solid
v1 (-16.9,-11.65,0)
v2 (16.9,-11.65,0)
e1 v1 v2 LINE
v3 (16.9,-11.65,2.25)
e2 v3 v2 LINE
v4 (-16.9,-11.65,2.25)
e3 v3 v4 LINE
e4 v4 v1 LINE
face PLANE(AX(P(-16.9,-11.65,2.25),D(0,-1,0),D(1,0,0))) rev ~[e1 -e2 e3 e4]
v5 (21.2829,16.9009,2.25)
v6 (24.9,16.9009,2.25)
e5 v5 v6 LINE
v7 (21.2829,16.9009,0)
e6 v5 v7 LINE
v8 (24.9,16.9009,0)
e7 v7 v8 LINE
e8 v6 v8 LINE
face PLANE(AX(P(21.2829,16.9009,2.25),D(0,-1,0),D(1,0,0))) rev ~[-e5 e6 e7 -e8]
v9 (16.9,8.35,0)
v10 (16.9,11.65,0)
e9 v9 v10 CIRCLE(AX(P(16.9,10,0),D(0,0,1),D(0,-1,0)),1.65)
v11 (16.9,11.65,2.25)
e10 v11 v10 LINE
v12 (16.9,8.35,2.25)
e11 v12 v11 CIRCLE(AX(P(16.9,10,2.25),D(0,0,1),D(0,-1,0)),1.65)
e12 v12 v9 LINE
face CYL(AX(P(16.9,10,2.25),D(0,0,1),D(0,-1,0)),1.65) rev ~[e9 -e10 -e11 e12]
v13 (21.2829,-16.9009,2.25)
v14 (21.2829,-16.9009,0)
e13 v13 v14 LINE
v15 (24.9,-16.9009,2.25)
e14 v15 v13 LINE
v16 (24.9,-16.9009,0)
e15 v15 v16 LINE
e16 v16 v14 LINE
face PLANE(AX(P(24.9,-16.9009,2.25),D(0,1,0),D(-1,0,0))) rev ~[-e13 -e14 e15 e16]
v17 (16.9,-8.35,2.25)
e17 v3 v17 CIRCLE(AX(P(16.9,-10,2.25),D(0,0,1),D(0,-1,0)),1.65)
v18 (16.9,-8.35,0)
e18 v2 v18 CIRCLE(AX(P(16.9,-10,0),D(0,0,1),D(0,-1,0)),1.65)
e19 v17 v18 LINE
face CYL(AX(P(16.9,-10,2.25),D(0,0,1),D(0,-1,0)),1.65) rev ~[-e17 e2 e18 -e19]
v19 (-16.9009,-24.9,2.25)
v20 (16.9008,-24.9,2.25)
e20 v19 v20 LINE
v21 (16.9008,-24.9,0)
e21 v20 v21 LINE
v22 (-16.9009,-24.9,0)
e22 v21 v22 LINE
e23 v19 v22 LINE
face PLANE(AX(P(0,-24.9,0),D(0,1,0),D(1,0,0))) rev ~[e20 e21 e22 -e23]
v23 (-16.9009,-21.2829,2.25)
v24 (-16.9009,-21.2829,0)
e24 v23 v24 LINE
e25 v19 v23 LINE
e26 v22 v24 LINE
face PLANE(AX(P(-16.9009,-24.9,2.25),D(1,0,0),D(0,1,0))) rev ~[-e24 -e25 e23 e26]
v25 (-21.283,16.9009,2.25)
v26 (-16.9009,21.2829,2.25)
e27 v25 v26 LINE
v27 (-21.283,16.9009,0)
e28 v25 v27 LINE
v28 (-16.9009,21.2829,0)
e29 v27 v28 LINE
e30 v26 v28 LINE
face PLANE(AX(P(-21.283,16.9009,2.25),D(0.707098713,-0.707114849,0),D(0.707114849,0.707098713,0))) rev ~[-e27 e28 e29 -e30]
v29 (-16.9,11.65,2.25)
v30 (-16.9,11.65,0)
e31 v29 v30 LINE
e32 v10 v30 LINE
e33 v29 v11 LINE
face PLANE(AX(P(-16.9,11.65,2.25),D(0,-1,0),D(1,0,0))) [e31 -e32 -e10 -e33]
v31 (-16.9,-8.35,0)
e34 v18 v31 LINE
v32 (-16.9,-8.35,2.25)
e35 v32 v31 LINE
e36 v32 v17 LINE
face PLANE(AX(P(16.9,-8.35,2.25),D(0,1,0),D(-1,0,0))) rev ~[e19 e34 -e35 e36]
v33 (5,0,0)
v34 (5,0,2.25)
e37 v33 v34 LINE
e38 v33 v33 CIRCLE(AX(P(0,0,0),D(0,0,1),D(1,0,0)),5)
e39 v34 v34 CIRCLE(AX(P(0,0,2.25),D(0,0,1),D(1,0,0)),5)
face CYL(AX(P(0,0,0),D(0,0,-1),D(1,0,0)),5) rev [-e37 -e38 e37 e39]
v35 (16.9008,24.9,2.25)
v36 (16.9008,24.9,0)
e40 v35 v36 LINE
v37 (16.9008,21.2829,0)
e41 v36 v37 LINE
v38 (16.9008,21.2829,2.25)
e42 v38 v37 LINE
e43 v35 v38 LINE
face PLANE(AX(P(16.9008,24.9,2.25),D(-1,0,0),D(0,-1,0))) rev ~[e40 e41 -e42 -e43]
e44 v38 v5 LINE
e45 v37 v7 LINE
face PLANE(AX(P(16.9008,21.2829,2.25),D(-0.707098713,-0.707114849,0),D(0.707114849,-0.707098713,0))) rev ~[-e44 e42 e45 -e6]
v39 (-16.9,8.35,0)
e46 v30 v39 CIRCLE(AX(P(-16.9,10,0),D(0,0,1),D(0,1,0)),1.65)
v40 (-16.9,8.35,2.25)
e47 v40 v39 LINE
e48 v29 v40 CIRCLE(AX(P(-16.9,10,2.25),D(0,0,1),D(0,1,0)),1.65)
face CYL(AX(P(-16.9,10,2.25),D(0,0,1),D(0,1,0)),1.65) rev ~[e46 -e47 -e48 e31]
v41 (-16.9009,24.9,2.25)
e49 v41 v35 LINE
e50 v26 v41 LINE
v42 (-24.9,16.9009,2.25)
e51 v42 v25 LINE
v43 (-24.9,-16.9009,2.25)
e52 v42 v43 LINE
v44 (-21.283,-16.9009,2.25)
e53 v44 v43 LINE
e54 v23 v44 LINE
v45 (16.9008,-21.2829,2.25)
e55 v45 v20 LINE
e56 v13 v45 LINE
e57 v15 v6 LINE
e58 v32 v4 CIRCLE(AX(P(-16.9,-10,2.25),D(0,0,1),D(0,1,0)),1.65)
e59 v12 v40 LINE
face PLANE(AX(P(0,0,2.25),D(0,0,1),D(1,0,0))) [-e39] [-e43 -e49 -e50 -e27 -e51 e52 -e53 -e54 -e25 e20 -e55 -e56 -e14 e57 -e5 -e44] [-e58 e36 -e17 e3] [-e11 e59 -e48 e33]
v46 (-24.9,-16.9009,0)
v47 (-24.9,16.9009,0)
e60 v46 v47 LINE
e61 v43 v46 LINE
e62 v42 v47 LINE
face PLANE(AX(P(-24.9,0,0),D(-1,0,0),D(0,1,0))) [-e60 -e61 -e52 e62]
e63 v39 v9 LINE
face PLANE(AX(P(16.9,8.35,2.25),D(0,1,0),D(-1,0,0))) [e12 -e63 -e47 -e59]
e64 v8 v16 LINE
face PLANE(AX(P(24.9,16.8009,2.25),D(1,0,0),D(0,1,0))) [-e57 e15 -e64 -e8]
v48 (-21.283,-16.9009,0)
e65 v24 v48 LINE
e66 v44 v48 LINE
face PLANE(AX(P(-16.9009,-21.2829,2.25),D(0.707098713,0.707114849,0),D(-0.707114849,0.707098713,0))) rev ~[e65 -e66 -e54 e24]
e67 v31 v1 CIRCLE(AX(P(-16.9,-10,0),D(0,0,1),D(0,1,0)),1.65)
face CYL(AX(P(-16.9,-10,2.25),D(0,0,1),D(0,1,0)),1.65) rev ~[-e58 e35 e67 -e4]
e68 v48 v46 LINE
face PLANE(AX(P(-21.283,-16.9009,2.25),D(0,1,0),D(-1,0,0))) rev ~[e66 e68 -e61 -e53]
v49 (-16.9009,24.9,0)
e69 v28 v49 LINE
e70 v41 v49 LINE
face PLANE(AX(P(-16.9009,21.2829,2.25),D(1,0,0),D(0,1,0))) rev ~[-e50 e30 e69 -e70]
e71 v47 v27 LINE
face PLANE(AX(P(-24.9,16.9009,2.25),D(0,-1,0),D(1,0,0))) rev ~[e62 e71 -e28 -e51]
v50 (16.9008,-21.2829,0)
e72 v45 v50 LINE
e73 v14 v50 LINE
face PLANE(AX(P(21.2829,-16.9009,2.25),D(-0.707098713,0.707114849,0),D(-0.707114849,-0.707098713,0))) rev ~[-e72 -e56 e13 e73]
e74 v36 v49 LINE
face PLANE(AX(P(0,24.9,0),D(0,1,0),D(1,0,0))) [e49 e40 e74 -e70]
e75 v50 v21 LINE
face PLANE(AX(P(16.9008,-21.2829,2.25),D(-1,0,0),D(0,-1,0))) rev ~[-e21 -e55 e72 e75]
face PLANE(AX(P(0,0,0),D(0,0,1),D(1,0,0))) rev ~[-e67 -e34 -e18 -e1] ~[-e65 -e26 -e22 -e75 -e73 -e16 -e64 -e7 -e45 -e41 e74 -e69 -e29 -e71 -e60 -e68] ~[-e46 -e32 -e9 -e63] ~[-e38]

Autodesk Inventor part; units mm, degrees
ref_plane "YZ Plane" through (0, 0, 0) normal (1, 0, 0) x (0, 1, 0)
ref_plane "Work Plane1" through (-29.1, -14.5, 2.4) normal (0, 0, -1) x (0, 1, 0)
ref_plane "Work Plane2" through (-13.8999, -10.5497, 2.25) normal (0, 0, -1) x (0, 1, 0)
sketch "Sketch1" plane through (0, 0, 0) normal (0, 0, 1) x (1, 0, 0)
  line L0 (-34.86, 0) -> (34.86, 0) construction
  line L1 (0, -34.86) -> (0, 34.86) construction
  line L2 (0, 0) -> (11.1575, 11.1575) construction
  line L3 (0, 0) -> (15.7791, 0) construction
  line L4 (0, 24.9) -> (16.8009, 24.9)
  line L5 (16.8009, 24.9) -> (16.8009, 21.2415)
  line L6 (16.8009, 21.2415) -> (19.0212, 19.0212)
  line L7 (24.9, 0) -> (24.9, 16.8009)
  line L8 (24.9, 16.8009) -> (21.2415, 16.8009)
  line L9 (21.2415, 16.8009) -> (19.0212, 19.0212)
  line L10 (0, -24.9) -> (16.8009, -24.9)
  line L11 (16.8009, -24.9) -> (16.8009, -21.2415)
  line L12 (16.8009, -21.2415) -> (19.0212, -19.0212)
  line L13 (24.9, 0) -> (24.9, -16.8009)
  line L14 (24.9, -16.8009) -> (21.2415, -16.8009)
  line L15 (21.2415, -16.8009) -> (19.0212, -19.0212)
  line L16 (0, 24.9) -> (-16.8009, 24.9)
  line L17 (-16.8009, 24.9) -> (-16.8009, 21.2415)
  line L18 (-16.8009, 21.2415) -> (-19.0212, 19.0212)
  line L19 (-24.9, 16.8009) -> (-21.2415, 16.8009)
  line L20 (-21.2415, 16.8009) -> (-19.0212, 19.0212)
  line L21 (0, -24.9) -> (-16.8009, -24.9)
  line L22 (-16.8009, -24.9) -> (-16.8009, -21.2415)
  line L23 (-16.8009, -21.2415) -> (-19.0212, -19.0212)
  line L24 (-21.2415, -16.8009) -> (-19.0212, -19.0212)
  line L25 (-24.9, -16.8009) -> (-21.2415, -16.8009)
  line L26 (-24.9, 0) -> (-24.9, -16.8009)
  line L27 (-24.9, 0) -> (-24.9, 16.8009)
  circle A0 centre (0, 0) radius 5
  dimension "d0" = 45
  dimension "d2" = 24.9
  dimension "d3" = 3.14
  dimension "d4" = 26.9
  dimension "d5" = 10
extrude "Extrusion1" add sketch "Sketch1" along normal up to surface (2.25 mm away)
sketch "Sketch5" plane through (0, 0, 0) normal (0, 0, -1) x (-1, 0, 0)
  circle A0 centre (-9.7, 10) radius 1.4
  circle A1 centre (-9.7, -10) radius 1.4
  circle A2 centre (13.8, 0) radius 1.4
  circle A3 centre (-10, 6.9) radius 0.75
  circle A4 centre (10, 6.9) radius 1.25
  point P0 (0, 0)
hole "Hole1" at (9.7, -10, 0) at (9.7, 10, 0) direction (0, 0, 1) diameter 3.3 depth 12 tip angle 118
sketch "Sketch6" plane through (-16.8009, 24.9, 2.25) normal (0, 0, 1) x (1, 0, 0)
  circle A0 centre (26.5009, -34.9) radius 1.65 construction
  circle A1 centre (26.5009, -14.9) radius 1.65 construction
  circle A2 centre (16.8009, -24.9) radius 5 construction
  line L0 (33.6017, -3.6585) -> (33.6017, 0) construction
  line L1 (33.6017, 0) -> (0, 0) construction
  line L2 (0, 0) -> (0, -3.6585) construction
  line L3 (0, -3.6585) -> (-4.4406, -8.0991) construction
  line L4 (-4.4406, -8.0991) -> (-8.0991, -8.0991) construction
  line L5 (-8.0991, -8.0991) -> (-8.0991, -41.7009) construction
  line L6 (-8.0991, -41.7009) -> (-4.4406, -41.7009) construction
  line L7 (-4.4406, -41.7009) -> (0, -46.1415) construction
  line L8 (0, -46.1415) -> (0, -49.8) construction
  line L9 (0, -49.8) -> (33.6017, -49.8) construction
  line L10 (33.6017, -49.8) -> (33.6017, -46.1415) construction
  line L11 (33.6017, -46.1415) -> (38.0423, -41.7009) construction
  line L12 (38.0423, -41.7009) -> (41.7009, -41.7009) construction
  line L13 (41.7009, -41.7009) -> (41.7009, -8.0991) construction
  line L14 (41.7009, -8.0991) -> (38.0423, -8.0991) construction
  line L15 (38.0423, -8.0991) -> (33.6017, -3.6585) construction
  line L16 (33.7009, -14.9) -> (-0.0991, -14.9)
  line L17 (33.7009, -16.55) -> (-0.0991, -16.55)
  line L18 (-0.0991, -13.25) -> (33.7009, -13.25)
  arc A3 (33.7009, -16.55) -> (33.7009, -13.25) centre (33.7009, -14.9) ccw
  arc A4 (-0.0991, -13.25) -> (-0.0991, -16.55) centre (-0.0991, -14.9) ccw
  line L19 (-8.0991, -41.7009) -> (-8.0991, -8.0991) construction
  line L20 (-8.0991, -24.9) -> (41.7009, -24.9) construction
  line L21 (41.7009, -8.0991) -> (41.7009, -41.7009) construction
  circle A5 centre (26.5009, -34.9) radius 1.65 construction
  line L22 (33.7009, -34.9) -> (-0.0991, -34.9)
  line L23 (33.7009, -33.25) -> (-0.0991, -33.25)
  line L24 (-0.0991, -36.55) -> (33.7009, -36.55)
  arc A6 (33.7009, -36.55) -> (33.7009, -33.25) centre (33.7009, -34.9) ccw
  arc A7 (-0.0991, -33.25) -> (-0.0991, -36.55) centre (-0.0991, -34.9) ccw
  point P0 (16.8009, -24.9)
  point P1 (16.8009, -14.9)
  point P2 (16.8009, -34.9)
  dimension "d25" = 8
  dimension "d26" = 8
extrude "Extrusion5" cut sketch "Sketch6" against normal through all
sketch "Skizze7" plane through (-16.8009, 24.9, 2.25) normal (0, 0, 1) x (1, 0, 0)
  line L0 (33.7009, -16.55) -> (-0.0991, -16.55) construction
  arc A0 (-0.0991, -13.25) -> (-0.0991, -16.55) centre (-0.0991, -14.9) ccw construction
  line L1 (-0.0991, -13.25) -> (33.7009, -13.25) construction
  arc A1 (33.7009, -16.55) -> (33.7009, -13.25) centre (33.7009, -14.9) ccw construction
  line L2 (-0.0991, -33.25) -> (33.7009, -33.25) construction
  arc A2 (33.7009, -36.55) -> (33.7009, -33.25) centre (33.7009, -34.9) ccw construction
  line L3 (33.7009, -36.55) -> (-0.0991, -36.55) construction
  arc A3 (-0.0991, -33.25) -> (-0.0991, -36.55) centre (-0.0991, -34.9) ccw construction
  circle A4 centre (16.8009, -24.9) radius 5 construction
  line L4 (33.6017, -3.6585) -> (33.6017, 0) projected
  line L5 (33.6017, 0) -> (0, 0) construction
  line L6 (0, 0) -> (0, -3.6585) projected
  line L7 (0, -3.6585) -> (-4.4406, -8.0991) projected
  line L8 (-4.4406, -8.0991) -> (-8.0991, -8.0991) projected
  line L9 (-8.0991, -8.0991) -> (-8.0991, -41.7009) construction
  line L10 (-8.0991, -41.7009) -> (-4.4406, -41.7009) projected
  line L11 (-4.4406, -41.7009) -> (0, -46.1415) projected
  line L12 (0, -46.1415) -> (0, -49.8) projected
  line L13 (0, -49.8) -> (33.6017, -49.8) construction
  line L14 (33.6017, -49.8) -> (33.6017, -46.1415) projected
  line L15 (33.6017, -46.1415) -> (38.0423, -41.7009) projected
  line L16 (38.0423, -41.7009) -> (41.7009, -41.7009) projected
  line L17 (41.7009, -41.7009) -> (41.7009, -8.0991) construction
  line L18 (41.7009, -8.0991) -> (38.0423, -8.0991) projected
  line L19 (38.0423, -8.0991) -> (33.6017, -3.6585) projected
  line L20 (-0.1, 0.1) -> (33.7017, 0.1) construction
  line L21 (33.7017, 0.1) -> (33.7017, -3.6171)
  line L22 (33.7017, -3.6171) -> (38.0838, -7.9991)
  line L23 (38.0838, -7.9991) -> (41.8009, -7.9991)
  line L24 (41.8009, -7.9991) -> (41.8009, -41.8009) construction
  line L25 (41.8009, -41.8009) -> (38.0838, -41.8009)
  line L26 (38.0838, -41.8009) -> (33.7017, -46.1829)
  line L27 (33.7017, -46.1829) -> (33.7017, -49.9)
  line L28 (33.7017, -49.9) -> (-0.1, -49.9) construction
  line L29 (-0.1, -49.9) -> (-0.1, -46.1829)
  line L30 (-0.1, -46.1829) -> (-4.4821, -41.8009)
  line L31 (-4.4821, -41.8009) -> (-8.1991, -41.8009)
  line L32 (-8.1991, -41.8009) -> (-8.1991, -7.9991) construction
  line L33 (-8.1991, -7.9991) -> (-4.4821, -7.9991)
  line L34 (-4.4821, -7.9991) -> (-0.1, -3.6171)
  line L35 (-0.1, -3.6171) -> (-0.1, 0.1)
  line L36 (33.6017, 0) -> (0, 0) projected
  line L37 (0, 0) -> (-0.1, 0)
  line L38 (-8.0991, -41.7009) -> (-8.0991, -8.0991) projected
  line L39 (-8.0991, -8.0991) -> (-8.0991, -7.9991)
  line L40 (33.6017, 0) -> (33.6017, -3.6585) projected
  line L41 (33.6017, 0) -> (33.7017, 0)
  line L42 (41.7009, -8.0991) -> (41.7009, -7.9991)
  line L43 (41.7009, -41.7009) -> (38.0423, -41.7009) projected
  line L44 (41.7009, -41.7009) -> (41.7009, -41.8009)
  line L45 (33.6017, -49.8) -> (33.7017, -49.8)
  line L46 (0, -49.8) -> (0, -46.1415) projected
  line L47 (0, -49.8) -> (-0.1, -49.8)
  line L48 (-8.0991, -41.7009) -> (-8.0991, -41.8009)
  point P0 (16.8009, -24.9)
  dimension "d29" = 0.1
extrude "IM_offset" add sketch "Skizze7" against normal up to surface (2.25 mm away)
properties part number "20_Cube_insert_Sample_holder"
